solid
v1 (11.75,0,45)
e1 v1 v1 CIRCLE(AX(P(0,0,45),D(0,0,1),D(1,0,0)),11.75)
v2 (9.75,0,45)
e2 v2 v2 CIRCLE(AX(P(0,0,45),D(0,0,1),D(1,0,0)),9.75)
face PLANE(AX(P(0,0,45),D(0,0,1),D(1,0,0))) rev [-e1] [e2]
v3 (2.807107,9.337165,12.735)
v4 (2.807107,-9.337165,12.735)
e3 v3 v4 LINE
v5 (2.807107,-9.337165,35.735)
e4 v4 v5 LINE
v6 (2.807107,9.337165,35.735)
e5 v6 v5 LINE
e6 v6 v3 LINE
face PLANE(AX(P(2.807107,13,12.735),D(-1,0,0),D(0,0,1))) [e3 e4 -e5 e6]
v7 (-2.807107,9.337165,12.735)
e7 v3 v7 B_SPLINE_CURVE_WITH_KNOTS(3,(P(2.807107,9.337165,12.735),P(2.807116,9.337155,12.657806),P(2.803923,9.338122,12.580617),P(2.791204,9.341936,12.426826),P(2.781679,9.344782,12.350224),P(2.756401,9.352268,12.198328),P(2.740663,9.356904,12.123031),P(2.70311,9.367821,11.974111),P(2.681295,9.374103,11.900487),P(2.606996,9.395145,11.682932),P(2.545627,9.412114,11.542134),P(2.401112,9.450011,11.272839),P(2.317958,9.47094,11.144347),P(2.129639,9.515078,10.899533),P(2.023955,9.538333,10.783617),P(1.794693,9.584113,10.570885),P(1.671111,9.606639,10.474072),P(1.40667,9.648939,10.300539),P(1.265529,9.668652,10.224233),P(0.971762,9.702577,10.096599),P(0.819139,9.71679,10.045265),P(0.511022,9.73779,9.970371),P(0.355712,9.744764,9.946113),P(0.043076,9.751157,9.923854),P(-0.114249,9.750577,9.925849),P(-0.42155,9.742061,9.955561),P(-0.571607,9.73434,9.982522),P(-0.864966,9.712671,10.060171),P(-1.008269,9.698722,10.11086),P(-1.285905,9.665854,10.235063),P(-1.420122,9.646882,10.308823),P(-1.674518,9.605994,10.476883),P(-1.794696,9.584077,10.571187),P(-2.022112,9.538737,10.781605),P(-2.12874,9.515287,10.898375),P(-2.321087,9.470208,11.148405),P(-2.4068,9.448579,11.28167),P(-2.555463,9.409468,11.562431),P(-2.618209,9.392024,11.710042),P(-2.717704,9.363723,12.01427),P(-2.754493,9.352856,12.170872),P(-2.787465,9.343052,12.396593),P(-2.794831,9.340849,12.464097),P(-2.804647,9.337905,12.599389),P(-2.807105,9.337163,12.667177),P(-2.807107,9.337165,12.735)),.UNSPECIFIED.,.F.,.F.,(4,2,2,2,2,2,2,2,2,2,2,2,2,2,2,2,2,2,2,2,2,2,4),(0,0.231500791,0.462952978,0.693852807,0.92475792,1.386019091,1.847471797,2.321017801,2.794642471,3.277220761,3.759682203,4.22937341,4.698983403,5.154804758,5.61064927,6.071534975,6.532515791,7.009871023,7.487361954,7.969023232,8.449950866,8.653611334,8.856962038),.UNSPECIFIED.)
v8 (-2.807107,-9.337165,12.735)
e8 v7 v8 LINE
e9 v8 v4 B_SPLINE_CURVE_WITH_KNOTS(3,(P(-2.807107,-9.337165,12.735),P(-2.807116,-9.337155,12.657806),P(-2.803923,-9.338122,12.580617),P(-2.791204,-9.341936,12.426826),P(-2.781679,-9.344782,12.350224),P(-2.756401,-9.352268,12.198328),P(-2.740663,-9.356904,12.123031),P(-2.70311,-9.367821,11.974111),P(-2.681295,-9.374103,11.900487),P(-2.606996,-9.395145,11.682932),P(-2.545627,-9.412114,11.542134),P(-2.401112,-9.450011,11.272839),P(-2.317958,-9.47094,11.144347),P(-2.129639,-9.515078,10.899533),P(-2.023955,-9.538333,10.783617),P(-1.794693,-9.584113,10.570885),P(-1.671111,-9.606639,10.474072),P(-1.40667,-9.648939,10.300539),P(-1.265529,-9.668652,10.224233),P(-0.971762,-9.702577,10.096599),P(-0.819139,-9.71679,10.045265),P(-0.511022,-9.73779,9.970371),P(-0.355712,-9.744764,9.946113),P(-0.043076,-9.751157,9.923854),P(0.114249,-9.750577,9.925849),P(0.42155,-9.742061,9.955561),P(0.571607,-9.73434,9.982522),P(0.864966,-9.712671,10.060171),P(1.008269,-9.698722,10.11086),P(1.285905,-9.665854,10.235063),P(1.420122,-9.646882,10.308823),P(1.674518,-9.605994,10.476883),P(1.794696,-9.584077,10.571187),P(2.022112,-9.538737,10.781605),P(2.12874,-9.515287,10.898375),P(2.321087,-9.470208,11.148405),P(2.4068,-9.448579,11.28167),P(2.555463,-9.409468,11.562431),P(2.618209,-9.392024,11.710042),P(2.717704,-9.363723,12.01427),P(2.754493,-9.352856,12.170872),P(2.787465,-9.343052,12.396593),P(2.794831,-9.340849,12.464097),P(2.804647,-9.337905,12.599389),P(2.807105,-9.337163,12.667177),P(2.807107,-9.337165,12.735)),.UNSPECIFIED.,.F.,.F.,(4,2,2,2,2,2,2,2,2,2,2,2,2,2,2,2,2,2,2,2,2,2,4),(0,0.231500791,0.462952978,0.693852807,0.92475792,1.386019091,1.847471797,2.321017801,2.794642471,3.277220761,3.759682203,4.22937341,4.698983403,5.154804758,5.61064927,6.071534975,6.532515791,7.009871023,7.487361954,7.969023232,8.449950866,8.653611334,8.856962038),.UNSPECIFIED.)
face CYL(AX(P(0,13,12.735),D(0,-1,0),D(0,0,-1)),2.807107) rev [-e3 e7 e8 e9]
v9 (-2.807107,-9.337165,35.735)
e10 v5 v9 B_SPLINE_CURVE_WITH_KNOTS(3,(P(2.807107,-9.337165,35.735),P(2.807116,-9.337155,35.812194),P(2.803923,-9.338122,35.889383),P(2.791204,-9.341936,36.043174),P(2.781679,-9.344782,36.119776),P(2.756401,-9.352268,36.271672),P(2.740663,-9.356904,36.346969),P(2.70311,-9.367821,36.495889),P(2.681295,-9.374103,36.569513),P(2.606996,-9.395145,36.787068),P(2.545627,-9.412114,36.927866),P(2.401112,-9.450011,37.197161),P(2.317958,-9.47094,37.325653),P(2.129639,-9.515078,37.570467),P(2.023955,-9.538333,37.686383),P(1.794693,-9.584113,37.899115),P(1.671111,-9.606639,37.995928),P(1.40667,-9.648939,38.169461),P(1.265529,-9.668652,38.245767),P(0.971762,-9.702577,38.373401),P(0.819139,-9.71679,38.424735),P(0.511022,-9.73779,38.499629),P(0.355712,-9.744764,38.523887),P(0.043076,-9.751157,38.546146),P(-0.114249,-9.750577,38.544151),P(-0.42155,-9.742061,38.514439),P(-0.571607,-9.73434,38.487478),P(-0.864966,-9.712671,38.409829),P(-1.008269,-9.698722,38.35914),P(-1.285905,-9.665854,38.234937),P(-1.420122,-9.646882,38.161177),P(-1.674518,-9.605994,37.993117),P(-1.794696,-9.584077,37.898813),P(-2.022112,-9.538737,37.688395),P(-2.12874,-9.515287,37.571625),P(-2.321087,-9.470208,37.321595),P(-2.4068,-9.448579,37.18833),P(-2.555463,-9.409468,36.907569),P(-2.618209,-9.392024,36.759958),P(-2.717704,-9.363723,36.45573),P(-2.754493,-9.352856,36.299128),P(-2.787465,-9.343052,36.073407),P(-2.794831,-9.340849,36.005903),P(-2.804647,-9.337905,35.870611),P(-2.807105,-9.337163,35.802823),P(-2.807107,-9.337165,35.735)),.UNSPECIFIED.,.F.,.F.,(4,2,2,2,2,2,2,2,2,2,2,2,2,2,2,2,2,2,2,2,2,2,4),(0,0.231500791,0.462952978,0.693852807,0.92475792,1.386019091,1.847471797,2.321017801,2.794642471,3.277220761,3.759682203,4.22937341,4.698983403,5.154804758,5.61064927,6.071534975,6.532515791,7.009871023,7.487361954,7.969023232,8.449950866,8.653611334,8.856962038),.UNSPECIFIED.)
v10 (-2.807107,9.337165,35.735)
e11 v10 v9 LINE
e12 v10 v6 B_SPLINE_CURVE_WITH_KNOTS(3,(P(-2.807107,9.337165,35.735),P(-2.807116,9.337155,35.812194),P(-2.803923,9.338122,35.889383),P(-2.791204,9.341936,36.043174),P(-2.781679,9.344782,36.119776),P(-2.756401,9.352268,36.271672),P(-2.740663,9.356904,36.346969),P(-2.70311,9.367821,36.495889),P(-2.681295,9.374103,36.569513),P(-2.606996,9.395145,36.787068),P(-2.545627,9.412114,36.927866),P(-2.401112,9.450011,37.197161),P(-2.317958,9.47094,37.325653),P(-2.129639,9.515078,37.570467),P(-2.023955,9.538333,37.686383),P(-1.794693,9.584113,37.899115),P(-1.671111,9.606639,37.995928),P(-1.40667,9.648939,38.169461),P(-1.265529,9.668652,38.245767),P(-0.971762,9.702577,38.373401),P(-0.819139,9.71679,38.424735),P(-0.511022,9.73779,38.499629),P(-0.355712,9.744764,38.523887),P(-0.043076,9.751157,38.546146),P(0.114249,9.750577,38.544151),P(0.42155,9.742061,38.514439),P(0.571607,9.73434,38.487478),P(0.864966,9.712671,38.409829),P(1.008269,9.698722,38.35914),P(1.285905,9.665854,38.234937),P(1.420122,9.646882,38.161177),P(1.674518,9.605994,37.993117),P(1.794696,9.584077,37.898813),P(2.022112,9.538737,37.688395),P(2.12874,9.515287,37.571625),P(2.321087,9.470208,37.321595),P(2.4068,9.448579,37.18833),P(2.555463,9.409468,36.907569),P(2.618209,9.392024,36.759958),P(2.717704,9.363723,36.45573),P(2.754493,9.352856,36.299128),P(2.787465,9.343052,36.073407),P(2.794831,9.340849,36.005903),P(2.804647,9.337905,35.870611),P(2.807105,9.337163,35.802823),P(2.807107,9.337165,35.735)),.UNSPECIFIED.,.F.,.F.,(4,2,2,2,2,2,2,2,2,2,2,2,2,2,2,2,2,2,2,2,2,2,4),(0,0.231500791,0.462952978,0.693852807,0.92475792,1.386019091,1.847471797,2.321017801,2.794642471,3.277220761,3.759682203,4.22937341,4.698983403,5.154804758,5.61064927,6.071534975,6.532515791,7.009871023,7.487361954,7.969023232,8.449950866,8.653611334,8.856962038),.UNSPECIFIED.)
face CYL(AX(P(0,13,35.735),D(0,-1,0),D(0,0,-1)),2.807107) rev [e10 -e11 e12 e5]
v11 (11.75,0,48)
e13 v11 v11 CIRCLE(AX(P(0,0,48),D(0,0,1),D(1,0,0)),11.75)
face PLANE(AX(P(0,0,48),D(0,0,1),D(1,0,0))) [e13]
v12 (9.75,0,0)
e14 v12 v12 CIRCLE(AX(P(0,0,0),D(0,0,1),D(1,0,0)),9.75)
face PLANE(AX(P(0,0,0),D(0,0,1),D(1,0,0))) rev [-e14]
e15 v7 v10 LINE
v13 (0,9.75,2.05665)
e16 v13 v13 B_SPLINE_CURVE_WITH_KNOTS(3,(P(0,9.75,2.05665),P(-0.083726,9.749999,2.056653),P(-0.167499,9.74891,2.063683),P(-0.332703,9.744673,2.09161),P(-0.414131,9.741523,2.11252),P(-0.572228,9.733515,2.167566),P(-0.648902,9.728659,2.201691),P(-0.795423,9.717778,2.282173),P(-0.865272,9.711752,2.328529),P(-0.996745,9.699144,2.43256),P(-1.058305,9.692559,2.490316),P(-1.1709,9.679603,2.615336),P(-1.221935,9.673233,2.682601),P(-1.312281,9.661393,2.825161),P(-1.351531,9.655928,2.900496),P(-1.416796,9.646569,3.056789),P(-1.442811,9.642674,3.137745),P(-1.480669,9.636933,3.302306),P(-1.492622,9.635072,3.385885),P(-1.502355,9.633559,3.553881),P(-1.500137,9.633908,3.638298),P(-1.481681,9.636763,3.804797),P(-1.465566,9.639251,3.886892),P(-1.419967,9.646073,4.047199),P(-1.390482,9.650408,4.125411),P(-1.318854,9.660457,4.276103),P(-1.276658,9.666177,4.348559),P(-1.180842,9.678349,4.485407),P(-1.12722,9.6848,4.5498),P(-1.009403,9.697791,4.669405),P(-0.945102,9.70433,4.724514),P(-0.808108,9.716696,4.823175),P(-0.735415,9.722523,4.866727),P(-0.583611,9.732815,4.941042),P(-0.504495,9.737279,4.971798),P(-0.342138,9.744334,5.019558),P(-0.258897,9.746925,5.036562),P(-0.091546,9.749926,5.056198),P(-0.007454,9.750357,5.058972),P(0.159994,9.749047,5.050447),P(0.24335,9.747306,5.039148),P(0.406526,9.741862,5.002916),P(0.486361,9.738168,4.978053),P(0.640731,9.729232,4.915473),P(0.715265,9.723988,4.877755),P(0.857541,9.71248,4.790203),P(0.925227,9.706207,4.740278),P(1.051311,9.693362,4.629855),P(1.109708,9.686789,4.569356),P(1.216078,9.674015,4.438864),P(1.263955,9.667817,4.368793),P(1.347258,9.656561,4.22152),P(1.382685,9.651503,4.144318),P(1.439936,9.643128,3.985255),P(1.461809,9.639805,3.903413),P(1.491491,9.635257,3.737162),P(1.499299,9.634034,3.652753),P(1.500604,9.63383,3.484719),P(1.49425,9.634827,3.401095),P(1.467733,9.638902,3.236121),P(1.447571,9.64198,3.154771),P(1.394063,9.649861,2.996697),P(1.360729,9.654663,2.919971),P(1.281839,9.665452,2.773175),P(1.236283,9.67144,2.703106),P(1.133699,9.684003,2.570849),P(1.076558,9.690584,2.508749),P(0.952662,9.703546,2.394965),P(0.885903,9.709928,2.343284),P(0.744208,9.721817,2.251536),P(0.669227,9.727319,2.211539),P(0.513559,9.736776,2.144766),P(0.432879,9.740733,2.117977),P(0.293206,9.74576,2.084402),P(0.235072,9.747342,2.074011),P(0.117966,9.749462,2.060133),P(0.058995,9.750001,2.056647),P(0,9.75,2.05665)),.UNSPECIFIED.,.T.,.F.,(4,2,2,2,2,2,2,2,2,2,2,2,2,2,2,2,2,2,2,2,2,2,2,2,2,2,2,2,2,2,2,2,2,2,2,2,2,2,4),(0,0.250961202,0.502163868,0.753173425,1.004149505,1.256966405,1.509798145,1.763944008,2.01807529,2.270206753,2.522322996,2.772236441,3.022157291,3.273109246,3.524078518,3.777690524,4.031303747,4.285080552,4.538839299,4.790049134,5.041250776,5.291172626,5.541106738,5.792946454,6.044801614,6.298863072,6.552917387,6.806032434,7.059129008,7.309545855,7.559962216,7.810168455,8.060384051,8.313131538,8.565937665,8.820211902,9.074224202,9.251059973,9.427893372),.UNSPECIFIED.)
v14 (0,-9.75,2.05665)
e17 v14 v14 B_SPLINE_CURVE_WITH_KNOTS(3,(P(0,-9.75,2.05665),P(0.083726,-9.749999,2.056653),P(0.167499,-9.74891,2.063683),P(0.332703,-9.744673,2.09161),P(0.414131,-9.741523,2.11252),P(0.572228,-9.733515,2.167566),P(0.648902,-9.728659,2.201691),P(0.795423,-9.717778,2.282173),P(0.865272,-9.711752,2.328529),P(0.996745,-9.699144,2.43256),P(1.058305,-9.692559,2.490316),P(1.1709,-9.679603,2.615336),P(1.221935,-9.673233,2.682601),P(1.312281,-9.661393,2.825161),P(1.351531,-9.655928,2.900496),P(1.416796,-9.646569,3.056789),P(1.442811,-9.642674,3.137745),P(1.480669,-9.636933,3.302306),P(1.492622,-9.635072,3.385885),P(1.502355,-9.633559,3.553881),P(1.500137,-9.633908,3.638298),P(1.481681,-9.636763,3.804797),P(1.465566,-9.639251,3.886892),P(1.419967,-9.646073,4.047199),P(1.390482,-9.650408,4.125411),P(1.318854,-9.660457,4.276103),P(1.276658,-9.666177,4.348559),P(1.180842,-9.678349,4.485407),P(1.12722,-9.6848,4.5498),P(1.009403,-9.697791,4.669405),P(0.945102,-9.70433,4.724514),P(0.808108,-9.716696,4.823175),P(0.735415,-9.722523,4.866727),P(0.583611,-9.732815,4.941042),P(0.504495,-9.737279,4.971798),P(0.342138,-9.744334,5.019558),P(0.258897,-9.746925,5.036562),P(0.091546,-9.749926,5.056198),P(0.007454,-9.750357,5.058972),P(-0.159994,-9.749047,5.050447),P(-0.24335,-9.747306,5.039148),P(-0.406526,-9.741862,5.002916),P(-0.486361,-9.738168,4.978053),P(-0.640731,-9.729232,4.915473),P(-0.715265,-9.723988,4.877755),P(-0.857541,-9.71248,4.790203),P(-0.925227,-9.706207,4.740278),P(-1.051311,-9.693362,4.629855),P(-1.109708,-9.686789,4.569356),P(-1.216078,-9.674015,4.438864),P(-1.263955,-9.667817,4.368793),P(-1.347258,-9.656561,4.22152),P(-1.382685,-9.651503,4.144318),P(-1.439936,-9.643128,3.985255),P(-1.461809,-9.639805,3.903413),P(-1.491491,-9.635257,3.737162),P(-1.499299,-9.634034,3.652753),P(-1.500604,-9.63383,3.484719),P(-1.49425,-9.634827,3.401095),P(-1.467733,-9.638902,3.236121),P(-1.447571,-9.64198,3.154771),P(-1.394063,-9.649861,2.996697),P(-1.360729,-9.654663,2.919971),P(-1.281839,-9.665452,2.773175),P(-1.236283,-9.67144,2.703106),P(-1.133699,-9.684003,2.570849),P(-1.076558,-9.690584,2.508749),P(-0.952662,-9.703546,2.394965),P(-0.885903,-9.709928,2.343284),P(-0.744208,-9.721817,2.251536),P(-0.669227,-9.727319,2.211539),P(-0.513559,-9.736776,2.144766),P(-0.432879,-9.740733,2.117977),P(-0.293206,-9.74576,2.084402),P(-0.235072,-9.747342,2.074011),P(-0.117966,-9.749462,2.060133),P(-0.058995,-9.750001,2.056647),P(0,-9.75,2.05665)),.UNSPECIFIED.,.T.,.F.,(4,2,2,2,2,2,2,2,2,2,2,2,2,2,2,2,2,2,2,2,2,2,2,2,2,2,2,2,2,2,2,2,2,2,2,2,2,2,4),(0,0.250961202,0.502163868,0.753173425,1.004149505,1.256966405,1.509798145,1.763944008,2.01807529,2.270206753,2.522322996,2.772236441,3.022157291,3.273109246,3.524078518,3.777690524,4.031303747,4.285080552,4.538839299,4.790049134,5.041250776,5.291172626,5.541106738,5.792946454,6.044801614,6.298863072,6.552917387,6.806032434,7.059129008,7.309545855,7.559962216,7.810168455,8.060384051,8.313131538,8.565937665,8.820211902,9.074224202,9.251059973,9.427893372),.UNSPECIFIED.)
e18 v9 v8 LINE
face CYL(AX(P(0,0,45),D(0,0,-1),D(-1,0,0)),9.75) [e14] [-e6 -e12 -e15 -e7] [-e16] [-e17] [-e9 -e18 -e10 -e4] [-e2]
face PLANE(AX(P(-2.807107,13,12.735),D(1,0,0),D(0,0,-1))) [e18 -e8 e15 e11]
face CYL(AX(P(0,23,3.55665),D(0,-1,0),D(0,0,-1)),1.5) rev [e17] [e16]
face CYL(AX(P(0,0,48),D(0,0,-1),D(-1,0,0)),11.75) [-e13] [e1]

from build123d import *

# Parameters (mm, degrees)
SKETCH1_R               = 9.75
BOSS_EXTRUDE1_DEPTH     = 45
SKETCH2_R               = 11.75
BOSS_EXTRUDE2_DEPTH     = 3
CUT_EXTRUDE1_DEPTH      = 13
CUT_EXTRUDE1_DEPTH_BACK = 23
CUT_EXTRUDE2_DEPTH      = 23
CUT_EXTRUDE2_DEPTH_BACK = 23
SKETCH5_R               = 1.5


with BuildPart() as part:
    # Sketch1 → Boss-Extrude1 (new body)
    with BuildSketch(Plane.XY):
        Circle(SKETCH1_R)
    extrude(amount=BOSS_EXTRUDE1_DEPTH)

    # Sketch2 → Boss-Extrude2 (add)
    with BuildSketch(Plane.XY.offset(45)):
        Circle(SKETCH2_R)
    extrude(amount=BOSS_EXTRUDE2_DEPTH)

    # Sketch4 → Cut-Extrude1 (cut, two sides: drawn at the far end of the back side and taken through both)
    with BuildSketch(Plane(origin=(0, 0, 0), x_dir=(1, 0, 0), z_dir=(0, 1, 0)).offset(-CUT_EXTRUDE1_DEPTH_BACK)):
        with BuildLine():
            Line((2.80710702, -12.735), (2.80710702, -35.735))
            ThreePointArc((2.80710702, -35.735), (0, -38.54210702), (-2.80710702, -35.735))
            Line((-2.80710702, -35.735), (-2.80710702, -12.735))
            ThreePointArc((-2.80710702, -12.735), (0, -9.92789298), (2.80710702, -12.735))
        make_face()
    extrude(amount=CUT_EXTRUDE1_DEPTH + CUT_EXTRUDE1_DEPTH_BACK, mode=Mode.SUBTRACT)

    # Sketch5 → Cut-Extrude2 (cut, two sides: drawn at the far end of the back side and taken through both)
    with BuildSketch(Plane(origin=(0, 0, 0), x_dir=(1, 0, 0), z_dir=(0, 1, 0)).offset(-CUT_EXTRUDE2_DEPTH_BACK)):
        with Locations((0, -3.556649542)):
            Circle(SKETCH5_R)
    extrude(amount=CUT_EXTRUDE2_DEPTH + CUT_EXTRUDE2_DEPTH_BACK, mode=Mode.SUBTRACT)


solid = part.part
